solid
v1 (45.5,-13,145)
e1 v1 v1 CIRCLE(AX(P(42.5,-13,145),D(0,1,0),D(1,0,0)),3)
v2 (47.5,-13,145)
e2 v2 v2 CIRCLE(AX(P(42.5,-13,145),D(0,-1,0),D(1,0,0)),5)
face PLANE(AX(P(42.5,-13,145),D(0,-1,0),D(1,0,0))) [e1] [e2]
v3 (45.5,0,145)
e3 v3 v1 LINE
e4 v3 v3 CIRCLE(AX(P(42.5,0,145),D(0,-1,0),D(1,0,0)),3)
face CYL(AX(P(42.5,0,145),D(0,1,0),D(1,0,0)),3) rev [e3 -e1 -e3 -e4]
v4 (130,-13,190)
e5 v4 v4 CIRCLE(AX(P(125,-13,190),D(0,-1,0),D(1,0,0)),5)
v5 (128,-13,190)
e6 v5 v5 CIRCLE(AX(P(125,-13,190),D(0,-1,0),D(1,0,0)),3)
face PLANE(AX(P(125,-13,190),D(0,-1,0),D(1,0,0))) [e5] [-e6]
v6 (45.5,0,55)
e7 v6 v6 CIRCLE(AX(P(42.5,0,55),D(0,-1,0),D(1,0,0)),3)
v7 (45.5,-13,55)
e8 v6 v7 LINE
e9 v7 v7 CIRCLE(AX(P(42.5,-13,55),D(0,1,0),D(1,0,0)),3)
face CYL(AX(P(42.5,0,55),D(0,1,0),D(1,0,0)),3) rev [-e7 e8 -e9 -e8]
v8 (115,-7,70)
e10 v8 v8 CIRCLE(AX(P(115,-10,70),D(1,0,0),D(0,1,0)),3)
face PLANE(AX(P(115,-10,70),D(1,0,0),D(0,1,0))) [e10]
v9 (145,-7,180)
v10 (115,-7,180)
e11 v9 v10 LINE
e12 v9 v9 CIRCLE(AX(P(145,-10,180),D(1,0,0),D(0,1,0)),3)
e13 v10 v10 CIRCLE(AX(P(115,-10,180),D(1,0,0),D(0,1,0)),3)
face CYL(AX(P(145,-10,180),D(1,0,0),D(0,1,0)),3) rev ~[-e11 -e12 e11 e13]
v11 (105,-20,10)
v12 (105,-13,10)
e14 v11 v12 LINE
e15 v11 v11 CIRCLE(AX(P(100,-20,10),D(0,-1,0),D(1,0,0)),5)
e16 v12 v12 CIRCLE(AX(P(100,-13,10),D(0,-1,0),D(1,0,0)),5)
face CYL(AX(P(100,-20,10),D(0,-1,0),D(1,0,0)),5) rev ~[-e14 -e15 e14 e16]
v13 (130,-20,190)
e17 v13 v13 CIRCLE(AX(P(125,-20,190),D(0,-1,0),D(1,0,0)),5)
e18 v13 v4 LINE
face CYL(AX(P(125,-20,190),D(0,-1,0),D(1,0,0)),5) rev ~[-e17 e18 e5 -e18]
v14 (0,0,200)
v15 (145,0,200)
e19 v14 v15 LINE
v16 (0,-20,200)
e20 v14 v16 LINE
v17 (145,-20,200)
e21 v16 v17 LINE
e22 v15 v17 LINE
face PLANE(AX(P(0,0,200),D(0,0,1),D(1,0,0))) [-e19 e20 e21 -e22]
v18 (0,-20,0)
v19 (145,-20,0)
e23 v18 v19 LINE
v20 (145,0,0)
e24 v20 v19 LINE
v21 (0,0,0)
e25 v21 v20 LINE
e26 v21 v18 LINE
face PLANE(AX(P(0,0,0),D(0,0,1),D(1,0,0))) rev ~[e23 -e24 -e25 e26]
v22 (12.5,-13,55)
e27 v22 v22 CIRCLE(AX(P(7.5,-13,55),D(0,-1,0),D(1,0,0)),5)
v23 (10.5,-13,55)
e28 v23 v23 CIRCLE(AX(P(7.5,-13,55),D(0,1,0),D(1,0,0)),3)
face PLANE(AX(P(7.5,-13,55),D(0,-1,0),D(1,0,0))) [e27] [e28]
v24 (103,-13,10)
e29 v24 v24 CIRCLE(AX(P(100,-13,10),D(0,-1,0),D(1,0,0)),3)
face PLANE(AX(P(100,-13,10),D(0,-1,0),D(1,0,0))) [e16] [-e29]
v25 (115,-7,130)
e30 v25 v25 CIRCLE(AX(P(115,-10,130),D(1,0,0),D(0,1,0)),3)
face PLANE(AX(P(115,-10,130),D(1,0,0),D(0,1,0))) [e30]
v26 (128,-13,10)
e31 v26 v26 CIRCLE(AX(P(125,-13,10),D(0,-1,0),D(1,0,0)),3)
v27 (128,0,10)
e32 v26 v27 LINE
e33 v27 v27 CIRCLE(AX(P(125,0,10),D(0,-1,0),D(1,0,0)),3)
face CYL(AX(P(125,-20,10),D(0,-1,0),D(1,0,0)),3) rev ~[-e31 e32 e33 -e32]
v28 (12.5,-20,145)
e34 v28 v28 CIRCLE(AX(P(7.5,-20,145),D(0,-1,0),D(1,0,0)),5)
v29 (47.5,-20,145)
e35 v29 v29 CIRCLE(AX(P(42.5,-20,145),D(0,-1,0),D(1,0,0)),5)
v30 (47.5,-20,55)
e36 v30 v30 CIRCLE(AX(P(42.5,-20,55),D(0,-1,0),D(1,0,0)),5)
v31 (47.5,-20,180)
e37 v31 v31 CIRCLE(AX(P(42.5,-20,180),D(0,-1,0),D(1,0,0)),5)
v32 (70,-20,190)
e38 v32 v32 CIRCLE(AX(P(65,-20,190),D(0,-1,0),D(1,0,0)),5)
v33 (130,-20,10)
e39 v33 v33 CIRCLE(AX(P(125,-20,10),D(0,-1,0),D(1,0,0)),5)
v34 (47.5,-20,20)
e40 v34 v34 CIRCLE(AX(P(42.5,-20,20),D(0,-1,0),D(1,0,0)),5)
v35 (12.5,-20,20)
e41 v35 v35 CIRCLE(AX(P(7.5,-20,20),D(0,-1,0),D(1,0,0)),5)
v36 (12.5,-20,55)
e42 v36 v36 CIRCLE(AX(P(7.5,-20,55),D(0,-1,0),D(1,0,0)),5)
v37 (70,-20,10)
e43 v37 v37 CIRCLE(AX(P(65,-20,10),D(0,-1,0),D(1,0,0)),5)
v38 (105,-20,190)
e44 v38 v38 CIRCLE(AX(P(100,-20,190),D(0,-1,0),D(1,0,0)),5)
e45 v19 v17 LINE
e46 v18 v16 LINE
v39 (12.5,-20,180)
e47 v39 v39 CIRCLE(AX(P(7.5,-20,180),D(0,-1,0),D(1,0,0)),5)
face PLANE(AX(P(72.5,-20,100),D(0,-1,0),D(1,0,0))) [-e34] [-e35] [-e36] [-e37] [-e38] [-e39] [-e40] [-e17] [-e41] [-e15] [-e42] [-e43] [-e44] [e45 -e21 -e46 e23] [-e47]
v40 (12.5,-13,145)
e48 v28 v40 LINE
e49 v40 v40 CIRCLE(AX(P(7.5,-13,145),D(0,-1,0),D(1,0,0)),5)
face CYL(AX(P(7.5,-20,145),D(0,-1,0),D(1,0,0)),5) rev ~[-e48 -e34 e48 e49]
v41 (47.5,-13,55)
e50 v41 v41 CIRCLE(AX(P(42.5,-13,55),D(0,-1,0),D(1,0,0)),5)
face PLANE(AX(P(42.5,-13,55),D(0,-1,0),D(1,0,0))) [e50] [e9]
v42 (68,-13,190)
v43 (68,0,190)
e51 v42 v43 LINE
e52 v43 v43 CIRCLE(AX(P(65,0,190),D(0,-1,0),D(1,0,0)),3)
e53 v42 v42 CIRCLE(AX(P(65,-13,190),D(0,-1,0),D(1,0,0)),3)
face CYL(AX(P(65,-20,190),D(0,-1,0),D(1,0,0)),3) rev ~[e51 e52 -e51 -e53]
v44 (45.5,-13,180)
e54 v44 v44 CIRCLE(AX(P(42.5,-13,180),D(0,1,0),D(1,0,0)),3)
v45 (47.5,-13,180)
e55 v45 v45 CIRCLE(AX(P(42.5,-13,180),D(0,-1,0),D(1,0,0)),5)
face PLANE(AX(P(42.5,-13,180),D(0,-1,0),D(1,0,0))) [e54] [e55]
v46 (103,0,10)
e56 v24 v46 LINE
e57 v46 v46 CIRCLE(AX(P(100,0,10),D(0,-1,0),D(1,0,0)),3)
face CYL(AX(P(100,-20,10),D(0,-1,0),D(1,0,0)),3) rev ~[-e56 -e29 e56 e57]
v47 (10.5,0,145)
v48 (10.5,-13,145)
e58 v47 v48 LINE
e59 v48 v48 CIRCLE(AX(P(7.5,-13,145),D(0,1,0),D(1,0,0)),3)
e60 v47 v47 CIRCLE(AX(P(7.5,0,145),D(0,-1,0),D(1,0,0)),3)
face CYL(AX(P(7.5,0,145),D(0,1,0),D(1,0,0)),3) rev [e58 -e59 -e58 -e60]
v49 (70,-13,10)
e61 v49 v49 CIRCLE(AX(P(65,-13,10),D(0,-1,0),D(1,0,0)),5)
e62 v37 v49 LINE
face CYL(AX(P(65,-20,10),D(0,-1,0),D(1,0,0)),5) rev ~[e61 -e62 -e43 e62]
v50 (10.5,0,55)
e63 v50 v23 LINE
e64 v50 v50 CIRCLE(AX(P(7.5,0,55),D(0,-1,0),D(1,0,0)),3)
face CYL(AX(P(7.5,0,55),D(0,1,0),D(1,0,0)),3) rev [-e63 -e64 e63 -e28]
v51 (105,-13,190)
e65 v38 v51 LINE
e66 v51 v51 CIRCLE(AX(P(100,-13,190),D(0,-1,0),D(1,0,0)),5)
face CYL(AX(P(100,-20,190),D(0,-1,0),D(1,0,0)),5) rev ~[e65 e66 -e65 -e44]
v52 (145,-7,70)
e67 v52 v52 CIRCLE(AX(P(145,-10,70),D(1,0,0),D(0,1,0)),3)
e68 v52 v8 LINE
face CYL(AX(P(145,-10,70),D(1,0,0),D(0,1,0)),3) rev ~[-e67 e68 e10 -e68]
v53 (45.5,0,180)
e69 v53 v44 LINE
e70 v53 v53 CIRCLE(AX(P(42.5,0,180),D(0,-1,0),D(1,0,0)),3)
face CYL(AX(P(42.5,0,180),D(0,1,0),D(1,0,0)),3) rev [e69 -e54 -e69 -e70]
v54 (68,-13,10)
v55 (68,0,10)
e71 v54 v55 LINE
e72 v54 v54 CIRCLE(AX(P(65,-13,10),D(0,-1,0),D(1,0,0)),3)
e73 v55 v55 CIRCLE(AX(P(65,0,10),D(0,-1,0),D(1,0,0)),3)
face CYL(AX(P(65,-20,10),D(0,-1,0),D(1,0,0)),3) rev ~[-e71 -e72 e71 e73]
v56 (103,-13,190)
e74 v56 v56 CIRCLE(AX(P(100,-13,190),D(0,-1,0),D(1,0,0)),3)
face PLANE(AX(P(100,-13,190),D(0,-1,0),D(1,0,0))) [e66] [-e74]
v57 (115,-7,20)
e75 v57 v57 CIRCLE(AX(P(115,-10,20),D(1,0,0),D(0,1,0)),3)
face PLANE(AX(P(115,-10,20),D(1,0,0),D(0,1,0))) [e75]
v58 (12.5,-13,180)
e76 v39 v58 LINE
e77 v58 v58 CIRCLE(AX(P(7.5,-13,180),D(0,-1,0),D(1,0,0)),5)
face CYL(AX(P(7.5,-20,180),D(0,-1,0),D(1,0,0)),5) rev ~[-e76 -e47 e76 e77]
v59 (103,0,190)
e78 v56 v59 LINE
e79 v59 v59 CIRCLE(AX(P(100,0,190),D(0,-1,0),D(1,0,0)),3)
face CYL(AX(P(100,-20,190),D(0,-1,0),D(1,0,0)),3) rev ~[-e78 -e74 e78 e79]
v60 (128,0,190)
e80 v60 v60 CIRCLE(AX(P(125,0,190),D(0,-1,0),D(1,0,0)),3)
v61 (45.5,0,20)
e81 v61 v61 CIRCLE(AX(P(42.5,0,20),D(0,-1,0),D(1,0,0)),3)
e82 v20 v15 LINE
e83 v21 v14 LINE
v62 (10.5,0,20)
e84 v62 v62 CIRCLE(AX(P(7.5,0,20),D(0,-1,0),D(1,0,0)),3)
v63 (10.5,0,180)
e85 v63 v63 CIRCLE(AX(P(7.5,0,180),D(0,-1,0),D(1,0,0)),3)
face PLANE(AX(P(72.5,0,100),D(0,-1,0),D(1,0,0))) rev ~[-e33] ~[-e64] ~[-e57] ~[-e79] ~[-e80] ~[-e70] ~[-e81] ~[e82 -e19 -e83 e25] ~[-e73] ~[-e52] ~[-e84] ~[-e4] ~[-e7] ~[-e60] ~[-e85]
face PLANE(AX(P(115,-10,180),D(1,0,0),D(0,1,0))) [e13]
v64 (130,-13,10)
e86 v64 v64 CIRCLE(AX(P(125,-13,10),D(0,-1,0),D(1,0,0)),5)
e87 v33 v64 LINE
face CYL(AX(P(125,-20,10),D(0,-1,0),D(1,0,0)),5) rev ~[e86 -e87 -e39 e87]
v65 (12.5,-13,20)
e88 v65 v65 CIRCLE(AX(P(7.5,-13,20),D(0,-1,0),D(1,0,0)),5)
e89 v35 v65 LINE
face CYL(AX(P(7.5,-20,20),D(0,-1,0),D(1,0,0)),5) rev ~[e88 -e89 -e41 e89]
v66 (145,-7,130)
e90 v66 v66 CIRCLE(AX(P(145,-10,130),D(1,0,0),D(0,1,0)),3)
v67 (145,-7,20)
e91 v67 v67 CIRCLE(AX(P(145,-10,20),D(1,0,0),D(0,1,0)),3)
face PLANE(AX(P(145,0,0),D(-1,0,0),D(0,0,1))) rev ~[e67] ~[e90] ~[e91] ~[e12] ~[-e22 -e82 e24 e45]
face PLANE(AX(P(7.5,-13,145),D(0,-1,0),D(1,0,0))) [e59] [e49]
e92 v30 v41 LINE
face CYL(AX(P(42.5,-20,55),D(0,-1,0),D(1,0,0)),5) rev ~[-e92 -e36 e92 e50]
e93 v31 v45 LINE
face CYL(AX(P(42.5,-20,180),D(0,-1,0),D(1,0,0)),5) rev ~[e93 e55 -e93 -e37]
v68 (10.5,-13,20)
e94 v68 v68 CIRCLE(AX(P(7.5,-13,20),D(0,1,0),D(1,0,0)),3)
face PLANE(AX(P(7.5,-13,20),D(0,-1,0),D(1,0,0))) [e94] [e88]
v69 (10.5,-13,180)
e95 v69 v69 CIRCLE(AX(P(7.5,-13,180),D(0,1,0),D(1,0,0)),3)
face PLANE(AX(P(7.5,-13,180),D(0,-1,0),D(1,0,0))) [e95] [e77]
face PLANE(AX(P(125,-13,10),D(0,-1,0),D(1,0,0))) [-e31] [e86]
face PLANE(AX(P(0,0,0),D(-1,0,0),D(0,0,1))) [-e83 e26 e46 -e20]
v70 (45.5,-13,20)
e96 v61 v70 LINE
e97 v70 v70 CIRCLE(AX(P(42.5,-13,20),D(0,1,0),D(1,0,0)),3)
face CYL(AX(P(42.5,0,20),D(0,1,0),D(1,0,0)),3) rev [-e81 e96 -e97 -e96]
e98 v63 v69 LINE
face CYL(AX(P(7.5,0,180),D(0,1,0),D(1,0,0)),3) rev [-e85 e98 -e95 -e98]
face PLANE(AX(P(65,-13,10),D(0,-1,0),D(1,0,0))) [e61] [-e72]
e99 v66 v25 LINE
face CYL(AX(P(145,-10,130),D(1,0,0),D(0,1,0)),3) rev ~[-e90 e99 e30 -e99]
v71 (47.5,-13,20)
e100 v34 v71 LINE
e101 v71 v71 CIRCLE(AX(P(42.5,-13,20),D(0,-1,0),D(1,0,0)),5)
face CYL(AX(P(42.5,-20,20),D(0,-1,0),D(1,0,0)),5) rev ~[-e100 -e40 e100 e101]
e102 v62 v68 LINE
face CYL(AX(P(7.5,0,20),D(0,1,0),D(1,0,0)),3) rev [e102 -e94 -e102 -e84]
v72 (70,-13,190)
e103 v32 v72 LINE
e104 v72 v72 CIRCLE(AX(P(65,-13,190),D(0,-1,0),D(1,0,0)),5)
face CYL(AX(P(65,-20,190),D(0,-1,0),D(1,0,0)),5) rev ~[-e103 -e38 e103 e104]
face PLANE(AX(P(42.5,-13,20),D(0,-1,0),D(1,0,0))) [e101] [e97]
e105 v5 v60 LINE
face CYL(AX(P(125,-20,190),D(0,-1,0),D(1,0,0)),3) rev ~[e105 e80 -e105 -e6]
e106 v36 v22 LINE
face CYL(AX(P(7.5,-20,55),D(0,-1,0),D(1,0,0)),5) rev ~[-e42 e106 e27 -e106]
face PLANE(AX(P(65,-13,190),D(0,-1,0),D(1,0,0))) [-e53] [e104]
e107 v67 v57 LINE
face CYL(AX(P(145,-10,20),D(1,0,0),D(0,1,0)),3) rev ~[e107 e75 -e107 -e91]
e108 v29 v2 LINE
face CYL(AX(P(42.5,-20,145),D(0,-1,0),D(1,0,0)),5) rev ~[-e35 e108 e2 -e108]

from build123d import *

# Parameters (mm, degrees)
F0_W     = 145
F0_H     = 200
F0_R     = 3
F1_DEPTH = 20
F2_R     = 5
F3_DEPTH = 7
F4_R     = 3
F5_DEPTH = 30
F6_R     = 3
F7_DEPTH = 20
F8_R     = 5
F9_DEPTH = 7


with BuildPart() as f1:
    # F0 (on Front) → F1 (new body)
    with BuildSketch(Plane.XZ):
        with Locations((72.5, 100)):
            Rectangle(F0_W, F0_H)
        with Locations((7.5, 20)):
            Circle(F0_R, mode=Mode.SUBTRACT)
        with Locations((42.5, 20)):
            Circle(F0_R, mode=Mode.SUBTRACT)
        with Locations((7.5, 55)):
            Circle(F0_R, mode=Mode.SUBTRACT)
        with Locations((42.5, 55)):
            Circle(F0_R, mode=Mode.SUBTRACT)
        with Locations((7.5, 145)):
            Circle(F0_R, mode=Mode.SUBTRACT)
        with Locations((42.5, 145)):
            Circle(F0_R, mode=Mode.SUBTRACT)
        with Locations((7.5, 180)):
            Circle(F0_R, mode=Mode.SUBTRACT)
        with Locations((42.5, 180)):
            Circle(F0_R, mode=Mode.SUBTRACT)
    extrude(amount=F1_DEPTH)

    # F2 (on face) → F3 (cut)
    with BuildSketch(Plane.XZ.offset(20)):
        with Locations((7.5, 180)):
            Circle(F2_R)
        with Locations((42.5, 180)):
            Circle(F2_R)
        with Locations((7.5, 145)):
            Circle(F2_R)
        with Locations((42.5, 145)):
            Circle(F2_R)
        with Locations((7.5, 55)):
            Circle(F2_R)
        with Locations((42.5, 55)):
            Circle(F2_R)
        with Locations((7.5, 20)):
            Circle(F2_R)
        with Locations((42.5, 20)):
            Circle(F2_R)
    extrude(amount=-F3_DEPTH, mode=Mode.SUBTRACT)

    # F4 (on face) → F5 (cut)
    with BuildSketch(Plane.YZ.offset(145)):
        with Locations((-10, 20)):
            Circle(F4_R)
        with Locations((-10, 70)):
            Circle(F4_R)
        with Locations((-10, 130)):
            Circle(F4_R)
        with Locations((-10, 180)):
            Circle(F4_R)
    extrude(amount=-F5_DEPTH, mode=Mode.SUBTRACT)

    # F6 (on face) → F7 (cut)
    with BuildSketch(Plane.XZ.offset(20)):
        with Locations((125, 190)):
            Circle(F6_R)
        with Locations((100, 190)):
            Circle(F6_R)
        with Locations((65, 190)):
            Circle(F6_R)
        with Locations((125, 10)):
            Circle(F6_R)
        with Locations((100, 10)):
            Circle(F6_R)
        with Locations((65, 10)):
            Circle(F6_R)
    extrude(amount=-F7_DEPTH, mode=Mode.SUBTRACT)

    # F8 (on face) → F9 (cut)
    with BuildSketch(Plane.XZ.offset(20)):
        with Locations((65, 190)):
            Circle(F8_R)
        with Locations((100, 190)):
            Circle(F8_R)
        with Locations((125, 190)):
            Circle(F8_R)
        with Locations((65, 10)):
            Circle(F8_R)
        with Locations((100, 10)):
            Circle(F8_R)
        with Locations((125, 10)):
            Circle(F8_R)
    extrude(amount=-F9_DEPTH, mode=Mode.SUBTRACT)


solid = f1.part
